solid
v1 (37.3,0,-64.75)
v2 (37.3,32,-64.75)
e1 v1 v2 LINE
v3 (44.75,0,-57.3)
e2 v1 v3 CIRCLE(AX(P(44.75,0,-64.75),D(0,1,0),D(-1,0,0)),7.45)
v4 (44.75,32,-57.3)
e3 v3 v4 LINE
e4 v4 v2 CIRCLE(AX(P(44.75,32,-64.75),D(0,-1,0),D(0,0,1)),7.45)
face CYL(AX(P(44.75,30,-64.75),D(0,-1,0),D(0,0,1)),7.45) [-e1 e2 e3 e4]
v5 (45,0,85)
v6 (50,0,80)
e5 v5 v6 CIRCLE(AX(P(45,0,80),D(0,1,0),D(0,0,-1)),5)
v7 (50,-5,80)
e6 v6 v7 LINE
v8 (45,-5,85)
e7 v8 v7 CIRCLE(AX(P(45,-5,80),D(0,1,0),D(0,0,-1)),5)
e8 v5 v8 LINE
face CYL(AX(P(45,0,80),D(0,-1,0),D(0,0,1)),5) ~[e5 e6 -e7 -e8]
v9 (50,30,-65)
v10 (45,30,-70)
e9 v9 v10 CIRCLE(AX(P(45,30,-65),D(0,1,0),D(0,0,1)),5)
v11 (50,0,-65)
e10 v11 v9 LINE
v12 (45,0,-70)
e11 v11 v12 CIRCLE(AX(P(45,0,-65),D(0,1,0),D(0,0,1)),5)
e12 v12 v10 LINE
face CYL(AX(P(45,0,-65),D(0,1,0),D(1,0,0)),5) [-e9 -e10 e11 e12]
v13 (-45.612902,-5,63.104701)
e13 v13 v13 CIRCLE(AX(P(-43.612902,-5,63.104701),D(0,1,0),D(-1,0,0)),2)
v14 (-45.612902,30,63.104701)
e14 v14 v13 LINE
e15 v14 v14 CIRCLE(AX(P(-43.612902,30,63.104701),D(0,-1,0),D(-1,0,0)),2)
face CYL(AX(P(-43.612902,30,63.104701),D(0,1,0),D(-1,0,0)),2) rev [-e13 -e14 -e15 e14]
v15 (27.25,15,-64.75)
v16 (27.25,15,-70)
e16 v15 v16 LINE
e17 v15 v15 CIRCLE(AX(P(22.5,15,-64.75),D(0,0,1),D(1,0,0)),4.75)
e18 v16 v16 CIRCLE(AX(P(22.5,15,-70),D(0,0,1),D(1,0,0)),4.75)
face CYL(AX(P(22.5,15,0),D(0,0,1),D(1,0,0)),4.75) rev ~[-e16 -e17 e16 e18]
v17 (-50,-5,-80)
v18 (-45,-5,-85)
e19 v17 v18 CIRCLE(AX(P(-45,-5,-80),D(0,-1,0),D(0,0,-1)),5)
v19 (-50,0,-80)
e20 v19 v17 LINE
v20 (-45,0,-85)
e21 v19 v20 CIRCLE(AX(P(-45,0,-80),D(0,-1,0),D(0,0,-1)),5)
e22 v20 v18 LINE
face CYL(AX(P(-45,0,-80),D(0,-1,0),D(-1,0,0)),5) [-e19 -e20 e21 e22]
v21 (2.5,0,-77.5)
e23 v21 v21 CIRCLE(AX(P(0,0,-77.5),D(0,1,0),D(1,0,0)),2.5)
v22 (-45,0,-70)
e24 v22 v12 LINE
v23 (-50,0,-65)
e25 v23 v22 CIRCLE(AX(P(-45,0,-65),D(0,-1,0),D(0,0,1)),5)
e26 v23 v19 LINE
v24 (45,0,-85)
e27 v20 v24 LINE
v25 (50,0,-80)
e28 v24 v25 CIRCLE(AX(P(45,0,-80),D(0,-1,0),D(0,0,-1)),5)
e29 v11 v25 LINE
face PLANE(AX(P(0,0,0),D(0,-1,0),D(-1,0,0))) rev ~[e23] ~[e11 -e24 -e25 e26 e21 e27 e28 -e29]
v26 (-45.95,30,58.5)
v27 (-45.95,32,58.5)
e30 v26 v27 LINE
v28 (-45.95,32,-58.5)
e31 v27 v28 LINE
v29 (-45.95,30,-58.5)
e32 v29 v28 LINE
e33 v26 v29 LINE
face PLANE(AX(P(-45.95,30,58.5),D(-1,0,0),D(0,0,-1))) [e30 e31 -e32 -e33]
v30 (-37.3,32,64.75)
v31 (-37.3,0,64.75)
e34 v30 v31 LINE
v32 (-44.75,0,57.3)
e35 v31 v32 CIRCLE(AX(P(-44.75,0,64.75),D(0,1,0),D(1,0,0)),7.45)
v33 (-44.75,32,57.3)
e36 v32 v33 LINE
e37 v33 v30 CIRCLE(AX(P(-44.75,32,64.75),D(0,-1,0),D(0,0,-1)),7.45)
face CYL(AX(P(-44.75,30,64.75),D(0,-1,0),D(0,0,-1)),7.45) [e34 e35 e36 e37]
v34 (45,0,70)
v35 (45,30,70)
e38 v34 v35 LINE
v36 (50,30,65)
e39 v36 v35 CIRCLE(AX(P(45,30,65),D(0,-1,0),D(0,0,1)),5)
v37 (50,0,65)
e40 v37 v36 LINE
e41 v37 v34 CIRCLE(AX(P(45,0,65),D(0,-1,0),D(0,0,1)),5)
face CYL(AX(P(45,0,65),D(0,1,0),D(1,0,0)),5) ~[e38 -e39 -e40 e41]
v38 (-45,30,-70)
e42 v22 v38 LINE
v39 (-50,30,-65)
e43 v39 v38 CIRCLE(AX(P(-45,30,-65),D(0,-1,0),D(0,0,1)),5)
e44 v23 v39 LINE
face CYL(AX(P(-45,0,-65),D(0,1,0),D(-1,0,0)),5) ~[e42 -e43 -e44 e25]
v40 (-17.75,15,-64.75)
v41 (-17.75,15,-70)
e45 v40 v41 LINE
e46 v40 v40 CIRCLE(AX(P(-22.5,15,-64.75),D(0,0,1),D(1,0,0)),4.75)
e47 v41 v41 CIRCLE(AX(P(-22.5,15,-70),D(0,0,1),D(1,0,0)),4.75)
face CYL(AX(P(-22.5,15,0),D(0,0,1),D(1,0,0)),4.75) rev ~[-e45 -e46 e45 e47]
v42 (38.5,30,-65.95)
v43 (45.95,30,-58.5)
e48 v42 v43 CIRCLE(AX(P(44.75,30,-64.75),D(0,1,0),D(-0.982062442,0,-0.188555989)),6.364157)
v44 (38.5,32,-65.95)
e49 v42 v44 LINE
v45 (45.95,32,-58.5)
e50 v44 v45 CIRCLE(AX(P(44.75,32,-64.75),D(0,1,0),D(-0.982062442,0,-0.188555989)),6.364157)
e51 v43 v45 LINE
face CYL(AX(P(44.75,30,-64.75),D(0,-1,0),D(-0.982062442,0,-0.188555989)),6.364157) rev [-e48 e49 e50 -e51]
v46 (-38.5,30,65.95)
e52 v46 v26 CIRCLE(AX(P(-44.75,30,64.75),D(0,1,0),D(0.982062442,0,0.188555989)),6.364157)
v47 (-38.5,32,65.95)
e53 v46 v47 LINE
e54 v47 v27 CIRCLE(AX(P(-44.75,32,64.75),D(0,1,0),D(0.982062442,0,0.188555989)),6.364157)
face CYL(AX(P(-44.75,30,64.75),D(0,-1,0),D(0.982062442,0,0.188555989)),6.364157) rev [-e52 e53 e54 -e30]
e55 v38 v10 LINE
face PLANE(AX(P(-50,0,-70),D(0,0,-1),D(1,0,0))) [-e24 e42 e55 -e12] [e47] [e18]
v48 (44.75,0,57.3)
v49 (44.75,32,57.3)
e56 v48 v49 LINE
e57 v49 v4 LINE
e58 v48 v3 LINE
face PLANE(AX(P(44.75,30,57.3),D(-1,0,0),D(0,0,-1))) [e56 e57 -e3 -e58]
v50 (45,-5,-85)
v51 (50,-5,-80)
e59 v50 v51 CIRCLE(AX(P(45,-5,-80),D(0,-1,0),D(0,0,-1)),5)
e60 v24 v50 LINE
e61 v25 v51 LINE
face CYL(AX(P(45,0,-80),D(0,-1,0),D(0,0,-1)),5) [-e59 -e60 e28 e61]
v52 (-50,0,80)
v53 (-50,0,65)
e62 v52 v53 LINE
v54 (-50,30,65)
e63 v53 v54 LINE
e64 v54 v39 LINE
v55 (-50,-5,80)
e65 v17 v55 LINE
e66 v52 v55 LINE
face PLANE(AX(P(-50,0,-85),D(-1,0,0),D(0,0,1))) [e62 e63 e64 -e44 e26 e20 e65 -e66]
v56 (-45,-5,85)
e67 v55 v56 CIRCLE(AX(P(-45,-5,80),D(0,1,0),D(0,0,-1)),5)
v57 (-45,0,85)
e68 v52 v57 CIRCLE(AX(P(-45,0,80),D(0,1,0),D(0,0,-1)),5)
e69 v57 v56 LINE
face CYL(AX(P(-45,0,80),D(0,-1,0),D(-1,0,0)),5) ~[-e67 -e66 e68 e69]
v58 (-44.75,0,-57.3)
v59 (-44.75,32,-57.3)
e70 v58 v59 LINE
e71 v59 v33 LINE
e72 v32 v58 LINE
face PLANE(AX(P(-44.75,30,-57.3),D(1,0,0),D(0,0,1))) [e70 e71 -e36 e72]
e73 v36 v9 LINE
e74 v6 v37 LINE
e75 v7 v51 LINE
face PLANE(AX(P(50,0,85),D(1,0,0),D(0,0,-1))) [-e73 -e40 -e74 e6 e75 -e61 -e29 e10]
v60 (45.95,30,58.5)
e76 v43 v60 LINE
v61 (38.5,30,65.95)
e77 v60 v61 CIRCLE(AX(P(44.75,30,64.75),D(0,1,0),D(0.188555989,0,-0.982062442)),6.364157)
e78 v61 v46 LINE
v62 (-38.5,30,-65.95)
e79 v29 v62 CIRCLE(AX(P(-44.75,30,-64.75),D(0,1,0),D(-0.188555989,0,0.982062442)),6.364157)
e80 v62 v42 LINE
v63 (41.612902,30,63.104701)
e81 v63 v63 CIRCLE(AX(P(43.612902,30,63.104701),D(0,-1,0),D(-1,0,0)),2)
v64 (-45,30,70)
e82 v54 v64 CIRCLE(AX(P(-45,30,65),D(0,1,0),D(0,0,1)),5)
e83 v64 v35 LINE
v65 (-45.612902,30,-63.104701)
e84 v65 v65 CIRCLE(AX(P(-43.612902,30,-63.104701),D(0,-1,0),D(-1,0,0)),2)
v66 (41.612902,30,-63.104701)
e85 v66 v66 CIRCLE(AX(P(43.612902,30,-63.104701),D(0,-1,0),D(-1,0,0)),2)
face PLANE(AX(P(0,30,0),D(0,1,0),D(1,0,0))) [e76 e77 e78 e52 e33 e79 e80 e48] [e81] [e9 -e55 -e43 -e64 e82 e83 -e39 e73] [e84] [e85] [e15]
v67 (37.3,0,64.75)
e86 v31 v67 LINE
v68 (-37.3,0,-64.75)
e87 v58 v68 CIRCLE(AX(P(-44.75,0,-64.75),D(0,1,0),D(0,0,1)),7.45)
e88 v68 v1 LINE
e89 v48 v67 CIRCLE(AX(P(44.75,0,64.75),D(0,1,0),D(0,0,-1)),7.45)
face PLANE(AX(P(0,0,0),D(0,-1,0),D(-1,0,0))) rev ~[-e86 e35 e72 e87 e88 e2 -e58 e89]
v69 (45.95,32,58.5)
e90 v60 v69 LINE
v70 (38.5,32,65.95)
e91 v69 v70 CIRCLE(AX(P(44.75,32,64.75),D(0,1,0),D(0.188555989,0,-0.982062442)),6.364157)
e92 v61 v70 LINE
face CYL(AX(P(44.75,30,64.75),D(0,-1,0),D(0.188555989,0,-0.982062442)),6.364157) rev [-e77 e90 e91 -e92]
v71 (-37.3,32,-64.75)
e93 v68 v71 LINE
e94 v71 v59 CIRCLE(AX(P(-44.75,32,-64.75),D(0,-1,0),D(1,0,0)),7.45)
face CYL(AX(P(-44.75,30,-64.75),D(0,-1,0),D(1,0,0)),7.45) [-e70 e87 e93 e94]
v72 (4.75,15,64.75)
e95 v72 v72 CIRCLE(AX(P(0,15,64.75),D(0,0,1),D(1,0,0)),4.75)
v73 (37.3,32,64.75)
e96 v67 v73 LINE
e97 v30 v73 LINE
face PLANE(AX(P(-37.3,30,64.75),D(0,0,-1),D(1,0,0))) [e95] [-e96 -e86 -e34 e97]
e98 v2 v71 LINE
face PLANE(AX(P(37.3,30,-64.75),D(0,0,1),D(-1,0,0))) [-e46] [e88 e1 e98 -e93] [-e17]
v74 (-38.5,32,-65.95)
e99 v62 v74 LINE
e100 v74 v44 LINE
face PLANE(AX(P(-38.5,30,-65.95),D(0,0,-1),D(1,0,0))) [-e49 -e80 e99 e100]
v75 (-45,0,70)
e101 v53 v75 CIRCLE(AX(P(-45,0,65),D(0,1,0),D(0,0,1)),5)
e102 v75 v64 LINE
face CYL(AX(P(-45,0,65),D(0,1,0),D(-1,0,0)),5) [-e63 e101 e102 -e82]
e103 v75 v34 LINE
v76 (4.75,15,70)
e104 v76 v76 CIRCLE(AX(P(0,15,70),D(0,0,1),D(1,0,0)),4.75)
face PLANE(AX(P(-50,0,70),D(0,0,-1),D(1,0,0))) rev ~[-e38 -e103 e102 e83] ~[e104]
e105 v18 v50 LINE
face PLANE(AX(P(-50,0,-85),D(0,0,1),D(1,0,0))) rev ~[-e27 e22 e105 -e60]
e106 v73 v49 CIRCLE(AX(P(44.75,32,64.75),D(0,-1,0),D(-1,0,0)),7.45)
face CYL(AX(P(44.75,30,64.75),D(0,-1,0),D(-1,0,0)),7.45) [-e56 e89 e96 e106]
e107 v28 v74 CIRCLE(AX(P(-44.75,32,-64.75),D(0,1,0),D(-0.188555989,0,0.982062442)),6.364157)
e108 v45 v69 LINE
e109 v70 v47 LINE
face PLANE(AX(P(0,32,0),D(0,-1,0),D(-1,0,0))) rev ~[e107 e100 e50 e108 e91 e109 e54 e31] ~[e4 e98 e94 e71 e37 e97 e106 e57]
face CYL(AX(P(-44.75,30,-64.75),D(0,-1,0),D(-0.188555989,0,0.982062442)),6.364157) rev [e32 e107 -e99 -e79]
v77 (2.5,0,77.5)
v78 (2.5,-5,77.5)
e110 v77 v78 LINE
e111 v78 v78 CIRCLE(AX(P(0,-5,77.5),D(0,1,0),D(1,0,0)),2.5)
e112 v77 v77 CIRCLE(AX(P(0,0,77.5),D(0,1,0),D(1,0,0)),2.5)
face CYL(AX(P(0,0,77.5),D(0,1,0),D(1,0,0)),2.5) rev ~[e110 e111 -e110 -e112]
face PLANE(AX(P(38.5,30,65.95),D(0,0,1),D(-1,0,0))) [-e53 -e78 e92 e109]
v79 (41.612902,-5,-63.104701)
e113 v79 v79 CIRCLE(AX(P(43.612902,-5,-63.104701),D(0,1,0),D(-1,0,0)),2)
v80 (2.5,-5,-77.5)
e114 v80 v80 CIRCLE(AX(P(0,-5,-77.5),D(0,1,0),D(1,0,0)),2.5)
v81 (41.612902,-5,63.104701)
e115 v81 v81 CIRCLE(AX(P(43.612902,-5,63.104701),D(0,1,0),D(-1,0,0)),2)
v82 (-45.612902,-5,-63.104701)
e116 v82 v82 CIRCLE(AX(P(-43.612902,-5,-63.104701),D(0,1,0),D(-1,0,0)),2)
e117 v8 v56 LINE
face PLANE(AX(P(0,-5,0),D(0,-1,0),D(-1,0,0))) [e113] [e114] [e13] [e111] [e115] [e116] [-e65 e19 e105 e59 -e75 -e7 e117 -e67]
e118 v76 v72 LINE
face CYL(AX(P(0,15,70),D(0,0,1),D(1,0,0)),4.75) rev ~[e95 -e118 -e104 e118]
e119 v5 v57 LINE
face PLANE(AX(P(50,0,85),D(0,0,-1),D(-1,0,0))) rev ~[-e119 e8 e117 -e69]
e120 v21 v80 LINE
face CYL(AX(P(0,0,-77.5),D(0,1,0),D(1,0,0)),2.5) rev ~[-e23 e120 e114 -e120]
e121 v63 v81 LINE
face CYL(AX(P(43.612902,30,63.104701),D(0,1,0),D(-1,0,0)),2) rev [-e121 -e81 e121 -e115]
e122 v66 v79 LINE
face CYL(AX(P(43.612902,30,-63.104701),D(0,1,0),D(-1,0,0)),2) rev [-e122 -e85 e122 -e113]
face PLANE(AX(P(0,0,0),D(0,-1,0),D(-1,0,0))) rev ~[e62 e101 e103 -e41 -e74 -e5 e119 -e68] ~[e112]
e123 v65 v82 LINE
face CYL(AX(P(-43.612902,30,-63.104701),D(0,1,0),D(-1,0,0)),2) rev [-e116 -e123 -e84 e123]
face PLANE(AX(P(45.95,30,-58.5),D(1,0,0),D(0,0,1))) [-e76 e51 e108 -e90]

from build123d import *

# Parameters (mm, degrees)
BOTTOM_DEPTH       = 5
WALL_W             = 100
WALL_H             = 140
WALL_W_2           = 89.5
WALL_H_2           = 129.5
WALLS_DEPTH        = 30
MAINFILLET_R       = 5
DRILLHOLES_R       = 2
DRILLING_DEPTH     = 45
GASKET_DEPTH       = 2
SKETCH1_R          = 4.75
CUT_EXTRUDE1_DEPTH = 10
IO_HOLES_R         = 4.75
CUT_EXTRUDE2_DEPTH = 70
SKETCH2_R          = 2.5
CUT_EXTRUDE3_DEPTH = 10


with BuildPart() as part:
    # Base → Bottom (new body)
    with BuildSketch(Plane(origin=(0, 0, 0), x_dir=(1, 0, 0), z_dir=(0, 1, 0))):
        Polygon((-50, -70), (-50, 70), (-50, 85), (50, 85), (50, 70), (50, -70), (50, -85), (-50, -85), align=None)
    extrude(amount=-BOTTOM_DEPTH)

    # Wall → Walls (add)
    with BuildSketch(Plane(origin=(0, 0, 0), x_dir=(1, 0, 0), z_dir=(0, 1, 0))):
        Rectangle(WALL_W, WALL_H)
        Rectangle(WALL_W_2, WALL_H_2, mode=Mode.SUBTRACT)
        with BuildLine():
            Line((-44.75, -57.3), (-44.75, -64.75))
            Line((-44.75, -64.75), (-37.3, -64.75))
            ThreePointArc((-37.3, -64.75), (-39.48205448, -59.48205448), (-44.75, -57.3))
        make_face()
        with BuildLine():
            ThreePointArc((44.75, -57.3), (39.48205448, -59.48205448), (37.3, -64.75))
            Line((37.3, -64.75), (44.75, -64.75))
            Line((44.75, -64.75), (44.75, -57.3))
        make_face()
        with BuildLine():
            Line((-44.75, 64.75), (-44.75, 57.3))
            ThreePointArc((-44.75, 57.3), (-39.48205448, 59.48205448), (-37.3, 64.75))
            Line((-37.3, 64.75), (-44.75, 64.75))
        make_face()
        with BuildLine():
            Line((44.75, 64.75), (37.3, 64.75))
            ThreePointArc((37.3, 64.75), (39.48205448, 59.48205448), (44.75, 57.3))
            Line((44.75, 57.3), (44.75, 64.75))
        make_face()
    extrude(amount=WALLS_DEPTH)

    # MainFillet
    mainfillet_edges = [part.edges().sort_by_distance(p)[0] for p in [
        (-50, -2.5, 85),
        (-50, -2.5, -85),
        (50, -2.5, -85),
        (50, -2.5, 85),
        (-50, 15, 70),
        (50, 15, 70),
        (50, 15, -70),
        (-50, 15, -70),
    ]]
    fillet(mainfillet_edges, radius=MAINFILLET_R)

    # DrillHoles → Drilling (cut)
    with BuildSketch(Plane(origin=(0, 30, 0), x_dir=(-1, 0, 0), z_dir=(0, -1, 0))):
        with Locations((43.612901731, 63.104701387)):
            Circle(DRILLHOLES_R)
        with Locations((43.612901731, -63.104701387)):
            Circle(DRILLHOLES_R)
        with Locations((-43.612901731, -63.104701387)):
            Circle(DRILLHOLES_R)
        with Locations((-43.612901731, 63.104701387)):
            Circle(DRILLHOLES_R)
    extrude(amount=DRILLING_DEPTH, mode=Mode.SUBTRACT)

    # GasketInsert → Gasket (add)
    with BuildSketch(Plane(origin=(0, 30, 0), x_dir=(1, 0, 0), z_dir=(0, 1, 0))):
        with BuildLine():
            Line((-45.95, -58.5), (-45.95, 58.5))
            ThreePointArc((-45.95, 58.5), (-40.249861113, 60.249861113), (-38.5, 65.95))
            Line((-38.5, 65.95), (38.5, 65.95))
            ThreePointArc((38.5, 65.95), (40.249861113, 60.249861113), (45.95, 58.5))
            Line((45.95, 58.5), (45.95, -58.5))
            ThreePointArc((45.95, -58.5), (40.249861113, -60.249861113), (38.5, -65.95))
            Line((38.5, -65.95), (-38.5, -65.95))
            ThreePointArc((-38.5, -65.95), (-40.249861113, -60.249861113), (-45.95, -58.5))
        make_face()
        with BuildLine():
            Line((-37.3, -64.75), (37.3, -64.75))
            ThreePointArc((37.3, -64.75), (39.48205448, -59.48205448), (44.75, -57.3))
            Line((44.75, -57.3), (44.75, 57.3))
            ThreePointArc((44.75, 57.3), (39.48205448, 59.48205448), (37.3, 64.75))
            Line((37.3, 64.75), (-37.3, 64.75))
            ThreePointArc((-37.3, 64.75), (-39.48205448, 59.48205448), (-44.75, 57.3))
            Line((-44.75, 57.3), (-44.75, -57.3))
            ThreePointArc((-44.75, -57.3), (-39.48205448, -59.48205448), (-37.3, -64.75))
        make_face(mode=Mode.SUBTRACT)
    extrude(amount=GASKET_DEPTH)

    # Sketch1 → Cut-Extrude1 (cut)
    with BuildSketch(Plane.XY.offset(70)):
        with Locations((0, 15)):
            Circle(SKETCH1_R)
    extrude(amount=-CUT_EXTRUDE1_DEPTH, mode=Mode.SUBTRACT)

    # IO Holes → Cut-Extrude2 (cut)
    with BuildSketch(Plane.XY):
        with Locations((-22.5, 15)):
            Circle(IO_HOLES_R)
        with Locations((22.5, 15)):
            Circle(IO_HOLES_R)
    extrude(amount=-CUT_EXTRUDE2_DEPTH, mode=Mode.SUBTRACT)

    # Sketch2 → Cut-Extrude3 (cut)
    with BuildSketch(Plane(origin=(0, 0, 0), x_dir=(1, 0, 0), z_dir=(0, 1, 0))):
        with Locations((0, 77.5)):
            Circle(SKETCH2_R)
        with Locations((0, -77.5)):
            Circle(SKETCH2_R)
    extrude(amount=-CUT_EXTRUDE3_DEPTH, mode=Mode.SUBTRACT)


solid = part.part
